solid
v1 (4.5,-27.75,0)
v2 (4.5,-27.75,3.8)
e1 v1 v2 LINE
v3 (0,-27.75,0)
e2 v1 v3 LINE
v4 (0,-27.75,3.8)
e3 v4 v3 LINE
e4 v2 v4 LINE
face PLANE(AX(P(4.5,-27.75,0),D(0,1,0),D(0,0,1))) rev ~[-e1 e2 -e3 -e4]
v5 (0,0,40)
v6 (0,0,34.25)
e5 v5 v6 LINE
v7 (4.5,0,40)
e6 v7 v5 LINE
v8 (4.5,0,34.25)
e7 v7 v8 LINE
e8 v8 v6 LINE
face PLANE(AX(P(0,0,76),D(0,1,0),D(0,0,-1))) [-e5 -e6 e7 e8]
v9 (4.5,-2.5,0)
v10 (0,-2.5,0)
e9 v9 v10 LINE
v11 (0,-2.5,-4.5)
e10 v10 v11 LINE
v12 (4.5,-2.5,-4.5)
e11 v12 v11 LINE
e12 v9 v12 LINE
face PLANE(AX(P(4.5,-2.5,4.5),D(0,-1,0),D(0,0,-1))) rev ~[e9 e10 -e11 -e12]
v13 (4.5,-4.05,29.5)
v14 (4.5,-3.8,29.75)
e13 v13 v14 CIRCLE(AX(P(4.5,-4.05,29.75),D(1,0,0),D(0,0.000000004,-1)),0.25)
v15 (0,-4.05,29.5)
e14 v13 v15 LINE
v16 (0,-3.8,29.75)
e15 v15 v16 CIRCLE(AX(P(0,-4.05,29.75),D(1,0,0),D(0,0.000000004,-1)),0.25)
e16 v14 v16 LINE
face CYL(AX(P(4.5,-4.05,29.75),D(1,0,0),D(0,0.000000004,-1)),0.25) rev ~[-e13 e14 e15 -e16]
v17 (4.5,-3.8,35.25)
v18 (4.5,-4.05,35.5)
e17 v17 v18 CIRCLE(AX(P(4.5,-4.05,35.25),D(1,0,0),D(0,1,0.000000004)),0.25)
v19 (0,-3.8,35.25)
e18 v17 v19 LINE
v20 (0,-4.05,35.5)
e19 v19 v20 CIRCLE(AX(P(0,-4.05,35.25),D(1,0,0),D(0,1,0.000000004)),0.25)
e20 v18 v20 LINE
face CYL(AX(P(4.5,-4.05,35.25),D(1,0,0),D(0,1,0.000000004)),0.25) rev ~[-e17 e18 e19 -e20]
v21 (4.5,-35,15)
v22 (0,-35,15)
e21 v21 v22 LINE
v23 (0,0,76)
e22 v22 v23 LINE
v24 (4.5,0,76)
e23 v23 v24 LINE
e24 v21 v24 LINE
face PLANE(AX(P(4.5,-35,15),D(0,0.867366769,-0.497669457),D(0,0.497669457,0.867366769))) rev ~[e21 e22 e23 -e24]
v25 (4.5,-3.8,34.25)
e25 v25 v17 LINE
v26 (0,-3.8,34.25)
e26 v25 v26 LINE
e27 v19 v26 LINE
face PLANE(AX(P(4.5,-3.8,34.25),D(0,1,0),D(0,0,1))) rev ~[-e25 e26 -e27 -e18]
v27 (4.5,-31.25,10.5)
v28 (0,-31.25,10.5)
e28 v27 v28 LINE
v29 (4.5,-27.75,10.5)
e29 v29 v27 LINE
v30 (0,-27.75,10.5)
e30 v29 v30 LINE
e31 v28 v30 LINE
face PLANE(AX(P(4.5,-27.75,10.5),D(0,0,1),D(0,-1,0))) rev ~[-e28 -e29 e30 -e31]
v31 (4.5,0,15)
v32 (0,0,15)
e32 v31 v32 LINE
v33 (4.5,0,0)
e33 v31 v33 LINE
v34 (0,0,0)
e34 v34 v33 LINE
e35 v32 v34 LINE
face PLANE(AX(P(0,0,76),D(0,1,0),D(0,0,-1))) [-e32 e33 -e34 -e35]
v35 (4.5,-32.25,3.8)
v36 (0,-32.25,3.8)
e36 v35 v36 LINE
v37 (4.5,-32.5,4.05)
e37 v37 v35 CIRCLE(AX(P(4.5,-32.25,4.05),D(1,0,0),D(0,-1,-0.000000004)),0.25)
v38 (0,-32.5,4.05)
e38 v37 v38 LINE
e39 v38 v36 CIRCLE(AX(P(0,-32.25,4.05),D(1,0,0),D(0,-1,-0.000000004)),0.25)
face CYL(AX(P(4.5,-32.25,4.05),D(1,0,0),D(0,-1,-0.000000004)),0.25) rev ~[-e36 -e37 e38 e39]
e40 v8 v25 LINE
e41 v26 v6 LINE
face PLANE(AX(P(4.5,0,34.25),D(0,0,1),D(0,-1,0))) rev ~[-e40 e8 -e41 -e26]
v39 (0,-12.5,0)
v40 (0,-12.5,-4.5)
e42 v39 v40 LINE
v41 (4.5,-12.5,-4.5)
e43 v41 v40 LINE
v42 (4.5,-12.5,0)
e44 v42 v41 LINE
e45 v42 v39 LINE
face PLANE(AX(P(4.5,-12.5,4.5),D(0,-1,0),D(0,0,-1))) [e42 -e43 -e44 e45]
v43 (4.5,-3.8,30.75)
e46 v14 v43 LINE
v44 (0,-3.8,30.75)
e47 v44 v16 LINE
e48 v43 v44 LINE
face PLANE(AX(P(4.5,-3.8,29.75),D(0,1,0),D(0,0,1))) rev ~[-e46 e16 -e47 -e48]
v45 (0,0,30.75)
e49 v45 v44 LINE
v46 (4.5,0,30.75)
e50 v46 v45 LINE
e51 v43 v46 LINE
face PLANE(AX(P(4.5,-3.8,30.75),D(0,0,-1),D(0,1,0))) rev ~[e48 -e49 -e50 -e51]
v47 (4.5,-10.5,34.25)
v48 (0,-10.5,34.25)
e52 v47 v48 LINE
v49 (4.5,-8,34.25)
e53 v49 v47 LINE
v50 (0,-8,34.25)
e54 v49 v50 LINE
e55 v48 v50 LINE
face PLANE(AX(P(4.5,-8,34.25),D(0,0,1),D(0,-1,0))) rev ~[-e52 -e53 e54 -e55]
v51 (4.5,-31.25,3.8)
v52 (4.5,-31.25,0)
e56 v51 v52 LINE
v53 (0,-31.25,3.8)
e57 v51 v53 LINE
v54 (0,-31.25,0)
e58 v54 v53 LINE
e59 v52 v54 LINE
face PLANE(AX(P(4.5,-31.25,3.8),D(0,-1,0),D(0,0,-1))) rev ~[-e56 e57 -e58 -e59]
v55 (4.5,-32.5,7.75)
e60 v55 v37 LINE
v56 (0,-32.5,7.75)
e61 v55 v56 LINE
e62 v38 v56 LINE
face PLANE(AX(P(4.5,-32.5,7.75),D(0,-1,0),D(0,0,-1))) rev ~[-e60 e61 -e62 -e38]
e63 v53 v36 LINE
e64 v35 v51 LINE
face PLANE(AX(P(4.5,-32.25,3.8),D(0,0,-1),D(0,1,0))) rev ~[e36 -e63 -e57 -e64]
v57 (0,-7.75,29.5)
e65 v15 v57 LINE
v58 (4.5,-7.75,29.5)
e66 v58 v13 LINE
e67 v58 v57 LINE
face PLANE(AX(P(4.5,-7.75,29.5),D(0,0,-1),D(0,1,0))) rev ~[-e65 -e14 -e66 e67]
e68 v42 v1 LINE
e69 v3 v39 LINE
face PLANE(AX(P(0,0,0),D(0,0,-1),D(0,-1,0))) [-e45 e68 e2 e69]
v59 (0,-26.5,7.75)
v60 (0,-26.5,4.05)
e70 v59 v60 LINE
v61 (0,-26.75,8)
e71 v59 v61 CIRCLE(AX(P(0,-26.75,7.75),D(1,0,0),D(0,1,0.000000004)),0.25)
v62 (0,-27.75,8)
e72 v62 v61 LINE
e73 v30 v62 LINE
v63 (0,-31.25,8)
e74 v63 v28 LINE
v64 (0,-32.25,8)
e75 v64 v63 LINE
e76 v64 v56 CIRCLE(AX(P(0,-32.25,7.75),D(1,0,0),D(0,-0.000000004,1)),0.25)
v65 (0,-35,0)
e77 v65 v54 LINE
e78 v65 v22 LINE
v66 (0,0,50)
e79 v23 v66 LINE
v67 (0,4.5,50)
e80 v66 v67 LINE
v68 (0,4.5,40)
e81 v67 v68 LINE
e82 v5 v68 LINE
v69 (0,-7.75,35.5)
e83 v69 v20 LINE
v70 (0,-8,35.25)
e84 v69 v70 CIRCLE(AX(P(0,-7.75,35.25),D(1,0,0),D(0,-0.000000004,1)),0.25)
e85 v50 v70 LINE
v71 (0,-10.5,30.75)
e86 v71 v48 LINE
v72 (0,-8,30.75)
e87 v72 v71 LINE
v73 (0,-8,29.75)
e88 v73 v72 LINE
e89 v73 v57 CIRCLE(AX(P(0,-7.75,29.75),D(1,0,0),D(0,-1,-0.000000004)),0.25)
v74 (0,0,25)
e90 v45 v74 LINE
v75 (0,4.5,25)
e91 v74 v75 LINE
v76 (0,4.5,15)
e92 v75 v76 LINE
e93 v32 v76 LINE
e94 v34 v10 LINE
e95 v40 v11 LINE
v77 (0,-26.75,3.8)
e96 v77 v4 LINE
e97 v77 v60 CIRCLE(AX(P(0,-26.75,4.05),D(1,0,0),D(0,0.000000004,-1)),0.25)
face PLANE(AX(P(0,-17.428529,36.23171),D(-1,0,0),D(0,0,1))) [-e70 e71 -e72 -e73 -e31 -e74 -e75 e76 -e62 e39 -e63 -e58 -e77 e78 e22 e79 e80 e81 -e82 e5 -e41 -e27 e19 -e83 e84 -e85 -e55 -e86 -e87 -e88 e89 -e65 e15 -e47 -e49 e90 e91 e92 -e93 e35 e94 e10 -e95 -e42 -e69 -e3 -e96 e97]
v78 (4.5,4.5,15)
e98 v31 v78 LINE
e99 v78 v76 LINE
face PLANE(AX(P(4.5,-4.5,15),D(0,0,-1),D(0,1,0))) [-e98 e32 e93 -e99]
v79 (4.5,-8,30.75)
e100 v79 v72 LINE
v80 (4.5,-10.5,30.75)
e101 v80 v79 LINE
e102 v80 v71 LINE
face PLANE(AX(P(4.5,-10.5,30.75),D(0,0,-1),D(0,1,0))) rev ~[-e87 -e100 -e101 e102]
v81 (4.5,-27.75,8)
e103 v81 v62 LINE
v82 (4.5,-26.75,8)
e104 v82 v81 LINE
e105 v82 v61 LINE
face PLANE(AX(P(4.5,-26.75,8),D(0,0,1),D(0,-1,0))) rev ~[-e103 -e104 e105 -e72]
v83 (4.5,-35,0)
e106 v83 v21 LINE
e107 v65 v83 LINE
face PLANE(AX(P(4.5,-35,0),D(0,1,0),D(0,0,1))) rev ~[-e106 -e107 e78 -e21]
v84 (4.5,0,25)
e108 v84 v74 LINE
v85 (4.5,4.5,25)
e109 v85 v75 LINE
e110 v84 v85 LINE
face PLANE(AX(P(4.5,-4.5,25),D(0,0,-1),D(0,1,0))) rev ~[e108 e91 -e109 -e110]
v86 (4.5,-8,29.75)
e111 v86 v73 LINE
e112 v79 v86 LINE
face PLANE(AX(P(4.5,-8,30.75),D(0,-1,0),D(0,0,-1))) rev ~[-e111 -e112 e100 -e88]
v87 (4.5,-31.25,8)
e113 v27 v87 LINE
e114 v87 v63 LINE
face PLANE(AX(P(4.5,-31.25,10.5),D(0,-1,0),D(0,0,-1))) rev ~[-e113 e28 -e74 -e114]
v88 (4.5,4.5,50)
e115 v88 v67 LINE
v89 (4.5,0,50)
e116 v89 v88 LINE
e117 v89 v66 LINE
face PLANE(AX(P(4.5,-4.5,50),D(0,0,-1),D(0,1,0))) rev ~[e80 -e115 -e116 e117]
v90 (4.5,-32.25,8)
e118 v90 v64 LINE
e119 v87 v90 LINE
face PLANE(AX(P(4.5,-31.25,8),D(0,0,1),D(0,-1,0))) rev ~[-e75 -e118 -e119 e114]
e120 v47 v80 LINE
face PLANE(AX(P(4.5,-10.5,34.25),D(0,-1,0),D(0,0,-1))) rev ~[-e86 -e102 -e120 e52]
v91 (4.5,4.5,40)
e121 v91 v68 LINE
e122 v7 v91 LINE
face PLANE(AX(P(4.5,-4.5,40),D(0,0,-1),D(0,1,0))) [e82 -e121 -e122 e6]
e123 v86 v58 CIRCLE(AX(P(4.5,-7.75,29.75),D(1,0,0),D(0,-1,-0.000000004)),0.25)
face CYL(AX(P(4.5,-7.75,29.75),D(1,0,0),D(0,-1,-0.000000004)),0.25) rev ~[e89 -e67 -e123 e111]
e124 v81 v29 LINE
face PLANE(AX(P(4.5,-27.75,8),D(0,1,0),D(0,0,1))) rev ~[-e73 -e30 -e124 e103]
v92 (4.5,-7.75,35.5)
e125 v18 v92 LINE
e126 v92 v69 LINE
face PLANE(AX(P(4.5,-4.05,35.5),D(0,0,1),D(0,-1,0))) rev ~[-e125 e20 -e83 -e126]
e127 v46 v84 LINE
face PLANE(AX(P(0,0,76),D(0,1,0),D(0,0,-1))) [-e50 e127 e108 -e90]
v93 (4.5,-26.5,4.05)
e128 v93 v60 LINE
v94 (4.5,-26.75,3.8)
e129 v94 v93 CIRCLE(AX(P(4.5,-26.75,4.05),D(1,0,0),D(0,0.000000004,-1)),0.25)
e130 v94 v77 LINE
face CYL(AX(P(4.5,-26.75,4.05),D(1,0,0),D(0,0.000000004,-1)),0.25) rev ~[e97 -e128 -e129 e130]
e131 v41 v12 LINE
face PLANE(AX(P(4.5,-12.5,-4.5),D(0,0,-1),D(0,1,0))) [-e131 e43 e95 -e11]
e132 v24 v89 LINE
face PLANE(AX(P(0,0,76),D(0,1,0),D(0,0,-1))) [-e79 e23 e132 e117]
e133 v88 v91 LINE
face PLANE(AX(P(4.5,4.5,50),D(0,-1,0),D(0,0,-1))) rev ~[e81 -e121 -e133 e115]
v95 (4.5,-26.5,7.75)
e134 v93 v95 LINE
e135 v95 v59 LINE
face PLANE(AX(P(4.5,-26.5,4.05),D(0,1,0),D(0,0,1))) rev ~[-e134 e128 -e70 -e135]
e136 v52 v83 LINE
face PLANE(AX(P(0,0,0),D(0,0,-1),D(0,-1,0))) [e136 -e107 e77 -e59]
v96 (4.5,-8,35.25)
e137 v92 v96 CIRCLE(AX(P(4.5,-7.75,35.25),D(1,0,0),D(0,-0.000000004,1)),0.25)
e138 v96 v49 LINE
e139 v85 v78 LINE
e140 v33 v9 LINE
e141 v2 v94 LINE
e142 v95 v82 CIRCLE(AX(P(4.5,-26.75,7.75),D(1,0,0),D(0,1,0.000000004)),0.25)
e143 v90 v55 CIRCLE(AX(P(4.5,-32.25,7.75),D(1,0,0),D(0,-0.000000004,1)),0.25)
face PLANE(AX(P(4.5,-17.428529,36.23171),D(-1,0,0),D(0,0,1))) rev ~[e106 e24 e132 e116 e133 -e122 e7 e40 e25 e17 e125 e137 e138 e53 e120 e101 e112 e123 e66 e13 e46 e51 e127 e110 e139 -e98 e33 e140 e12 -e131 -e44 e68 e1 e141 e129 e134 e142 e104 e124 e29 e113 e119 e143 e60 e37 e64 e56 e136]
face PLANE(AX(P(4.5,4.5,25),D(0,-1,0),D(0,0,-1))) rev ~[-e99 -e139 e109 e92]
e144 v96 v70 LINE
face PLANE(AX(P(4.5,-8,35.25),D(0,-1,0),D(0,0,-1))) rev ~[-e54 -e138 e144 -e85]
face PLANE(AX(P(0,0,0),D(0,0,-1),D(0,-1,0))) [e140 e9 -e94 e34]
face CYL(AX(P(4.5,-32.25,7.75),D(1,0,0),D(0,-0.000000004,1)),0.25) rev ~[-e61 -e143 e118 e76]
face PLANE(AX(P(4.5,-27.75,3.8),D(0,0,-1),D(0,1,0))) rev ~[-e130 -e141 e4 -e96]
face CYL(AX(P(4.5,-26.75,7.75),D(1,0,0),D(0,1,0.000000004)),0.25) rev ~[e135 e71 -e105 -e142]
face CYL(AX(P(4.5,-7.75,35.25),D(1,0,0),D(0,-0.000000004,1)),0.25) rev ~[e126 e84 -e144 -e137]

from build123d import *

# Parameters (mm, degrees)
BOSS_EXTRUDE1_DEPTH = 4.5
SKETCH2_W           = 9
SKETCH2_H           = 10
BOSS_EXTRUDE2_DEPTH = 4.5
BOSS_EXTRUDE3_DEPTH = 4.5
CUT_EXTRUDE1_DEPTH  = 84.792899461
SKETCH5_W           = 10
SKETCH5_H           = 9
BOSS_EXTRUDE4_DEPTH = 4.5
CUT_EXTRUDE2_DEPTH  = 84.792899461


with BuildPart() as part:
    # Sketch1 → Boss-Extrude1 (new body)
    with BuildSketch(Plane(origin=(0, 0, 0), x_dir=(0, 0, -1), z_dir=(1, 0, 0))):
        Polygon((0, 0), (0, -35), (-76, 0), align=None)
    extrude(amount=BOSS_EXTRUDE1_DEPTH)

    # Sketch2 → Boss-Extrude2 (add, through all)
    with BuildSketch(Plane(origin=(4.5, 0, 0), x_dir=(0, 0, -1), z_dir=(1, 0, 0))):
        with Locations((0, -7.5)):
            Rectangle(SKETCH2_W, SKETCH2_H)
    extrude(amount=-BOSS_EXTRUDE2_DEPTH)

    # Sketch3 → Boss-Extrude3 (add, through all)
    with BuildSketch(Plane(origin=(4.5, 0, 0), x_dir=(0, 0, -1), z_dir=(1, 0, 0))):
        Polygon((0, -35), (-15, -35), (-76, 0), (0, -25), align=None)
    extrude(amount=-BOSS_EXTRUDE3_DEPTH)

    # Sketch4 → Cut-Extrude1 (cut, through all)
    with BuildSketch(Plane(origin=(4.5, 0, 0), x_dir=(0, 0, -1), z_dir=(1, 0, 0))):
        with BuildLine():
            Line((0, -31.25), (0, -27.75))
            Line((0, -27.75), (-3.8, -27.75))
            Line((-3.8, -27.75), (-3.8, -26.75))
            ThreePointArc((-3.8, -26.75), (-3.873223305, -26.573223305), (-4.05, -26.5))
            Line((-4.05, -26.5), (-7.75, -26.5))
            ThreePointArc((-7.75, -26.5), (-7.926776695, -26.573223305), (-8, -26.75))
            Line((-8, -26.75), (-8, -27.75))
            Line((-8, -27.75), (-10.5, -27.75))
            Line((-10.5, -27.75), (-10.5, -31.25))
            Line((-10.5, -31.25), (-8, -31.25))
            Line((-8, -31.25), (-8, -32.25))
            ThreePointArc((-8, -32.25), (-7.926776695, -32.426776695), (-7.75, -32.5))
            Line((-7.75, -32.5), (-4.05, -32.5))
            ThreePointArc((-4.05, -32.5), (-3.873223305, -32.426776695), (-3.8, -32.25))
            Line((-3.8, -32.25), (-3.8, -31.25))
            Line((-3.8, -31.25), (0, -31.25))
        make_face()
    extrude(amount=-CUT_EXTRUDE1_DEPTH, mode=Mode.SUBTRACT)

    # Sketch5 → Boss-Extrude4 (add, through all)
    with BuildSketch(Plane(origin=(4.5, 0, 0), x_dir=(0, 0, -1), z_dir=(1, 0, 0))):
        with Locations((-20, 0)):
            Rectangle(SKETCH5_W, SKETCH5_H)
        with Locations((-45, 0)):
            Rectangle(SKETCH5_W, SKETCH5_H)
    extrude(amount=-BOSS_EXTRUDE4_DEPTH)

    # Sketch6 → Cut-Extrude2 (cut, through all)
    with BuildSketch(Plane(origin=(4.5, 0, 0), x_dir=(0, 0, -1), z_dir=(1, 0, 0))):
        with BuildLine():
            Line((-30.75, 0), (-34.25, 0))
            Line((-34.25, 0), (-34.25, -3.8))
            Line((-34.25, -3.8), (-35.25, -3.8))
            ThreePointArc((-35.25, -3.8), (-35.426776695, -3.873223305), (-35.5, -4.05))
            Line((-35.5, -4.05), (-35.5, -7.75))
            ThreePointArc((-35.5, -7.75), (-35.426776695, -7.926776695), (-35.25, -8))
            Line((-35.25, -8), (-34.25, -8))
            Line((-34.25, -8), (-34.25, -10.5))
            Line((-34.25, -10.5), (-30.75, -10.5))
            Line((-30.75, -10.5), (-30.75, -8))
            Line((-30.75, -8), (-29.75, -8))
            ThreePointArc((-29.75, -8), (-29.573223305, -7.926776695), (-29.5, -7.75))
            Line((-29.5, -7.75), (-29.5, -4.05))
            ThreePointArc((-29.5, -4.05), (-29.573223305, -3.873223305), (-29.75, -3.8))
            Line((-29.75, -3.8), (-30.75, -3.8))
            Line((-30.75, -3.8), (-30.75, 0))
        make_face()
    extrude(amount=-CUT_EXTRUDE2_DEPTH, mode=Mode.SUBTRACT)


solid = part.part
